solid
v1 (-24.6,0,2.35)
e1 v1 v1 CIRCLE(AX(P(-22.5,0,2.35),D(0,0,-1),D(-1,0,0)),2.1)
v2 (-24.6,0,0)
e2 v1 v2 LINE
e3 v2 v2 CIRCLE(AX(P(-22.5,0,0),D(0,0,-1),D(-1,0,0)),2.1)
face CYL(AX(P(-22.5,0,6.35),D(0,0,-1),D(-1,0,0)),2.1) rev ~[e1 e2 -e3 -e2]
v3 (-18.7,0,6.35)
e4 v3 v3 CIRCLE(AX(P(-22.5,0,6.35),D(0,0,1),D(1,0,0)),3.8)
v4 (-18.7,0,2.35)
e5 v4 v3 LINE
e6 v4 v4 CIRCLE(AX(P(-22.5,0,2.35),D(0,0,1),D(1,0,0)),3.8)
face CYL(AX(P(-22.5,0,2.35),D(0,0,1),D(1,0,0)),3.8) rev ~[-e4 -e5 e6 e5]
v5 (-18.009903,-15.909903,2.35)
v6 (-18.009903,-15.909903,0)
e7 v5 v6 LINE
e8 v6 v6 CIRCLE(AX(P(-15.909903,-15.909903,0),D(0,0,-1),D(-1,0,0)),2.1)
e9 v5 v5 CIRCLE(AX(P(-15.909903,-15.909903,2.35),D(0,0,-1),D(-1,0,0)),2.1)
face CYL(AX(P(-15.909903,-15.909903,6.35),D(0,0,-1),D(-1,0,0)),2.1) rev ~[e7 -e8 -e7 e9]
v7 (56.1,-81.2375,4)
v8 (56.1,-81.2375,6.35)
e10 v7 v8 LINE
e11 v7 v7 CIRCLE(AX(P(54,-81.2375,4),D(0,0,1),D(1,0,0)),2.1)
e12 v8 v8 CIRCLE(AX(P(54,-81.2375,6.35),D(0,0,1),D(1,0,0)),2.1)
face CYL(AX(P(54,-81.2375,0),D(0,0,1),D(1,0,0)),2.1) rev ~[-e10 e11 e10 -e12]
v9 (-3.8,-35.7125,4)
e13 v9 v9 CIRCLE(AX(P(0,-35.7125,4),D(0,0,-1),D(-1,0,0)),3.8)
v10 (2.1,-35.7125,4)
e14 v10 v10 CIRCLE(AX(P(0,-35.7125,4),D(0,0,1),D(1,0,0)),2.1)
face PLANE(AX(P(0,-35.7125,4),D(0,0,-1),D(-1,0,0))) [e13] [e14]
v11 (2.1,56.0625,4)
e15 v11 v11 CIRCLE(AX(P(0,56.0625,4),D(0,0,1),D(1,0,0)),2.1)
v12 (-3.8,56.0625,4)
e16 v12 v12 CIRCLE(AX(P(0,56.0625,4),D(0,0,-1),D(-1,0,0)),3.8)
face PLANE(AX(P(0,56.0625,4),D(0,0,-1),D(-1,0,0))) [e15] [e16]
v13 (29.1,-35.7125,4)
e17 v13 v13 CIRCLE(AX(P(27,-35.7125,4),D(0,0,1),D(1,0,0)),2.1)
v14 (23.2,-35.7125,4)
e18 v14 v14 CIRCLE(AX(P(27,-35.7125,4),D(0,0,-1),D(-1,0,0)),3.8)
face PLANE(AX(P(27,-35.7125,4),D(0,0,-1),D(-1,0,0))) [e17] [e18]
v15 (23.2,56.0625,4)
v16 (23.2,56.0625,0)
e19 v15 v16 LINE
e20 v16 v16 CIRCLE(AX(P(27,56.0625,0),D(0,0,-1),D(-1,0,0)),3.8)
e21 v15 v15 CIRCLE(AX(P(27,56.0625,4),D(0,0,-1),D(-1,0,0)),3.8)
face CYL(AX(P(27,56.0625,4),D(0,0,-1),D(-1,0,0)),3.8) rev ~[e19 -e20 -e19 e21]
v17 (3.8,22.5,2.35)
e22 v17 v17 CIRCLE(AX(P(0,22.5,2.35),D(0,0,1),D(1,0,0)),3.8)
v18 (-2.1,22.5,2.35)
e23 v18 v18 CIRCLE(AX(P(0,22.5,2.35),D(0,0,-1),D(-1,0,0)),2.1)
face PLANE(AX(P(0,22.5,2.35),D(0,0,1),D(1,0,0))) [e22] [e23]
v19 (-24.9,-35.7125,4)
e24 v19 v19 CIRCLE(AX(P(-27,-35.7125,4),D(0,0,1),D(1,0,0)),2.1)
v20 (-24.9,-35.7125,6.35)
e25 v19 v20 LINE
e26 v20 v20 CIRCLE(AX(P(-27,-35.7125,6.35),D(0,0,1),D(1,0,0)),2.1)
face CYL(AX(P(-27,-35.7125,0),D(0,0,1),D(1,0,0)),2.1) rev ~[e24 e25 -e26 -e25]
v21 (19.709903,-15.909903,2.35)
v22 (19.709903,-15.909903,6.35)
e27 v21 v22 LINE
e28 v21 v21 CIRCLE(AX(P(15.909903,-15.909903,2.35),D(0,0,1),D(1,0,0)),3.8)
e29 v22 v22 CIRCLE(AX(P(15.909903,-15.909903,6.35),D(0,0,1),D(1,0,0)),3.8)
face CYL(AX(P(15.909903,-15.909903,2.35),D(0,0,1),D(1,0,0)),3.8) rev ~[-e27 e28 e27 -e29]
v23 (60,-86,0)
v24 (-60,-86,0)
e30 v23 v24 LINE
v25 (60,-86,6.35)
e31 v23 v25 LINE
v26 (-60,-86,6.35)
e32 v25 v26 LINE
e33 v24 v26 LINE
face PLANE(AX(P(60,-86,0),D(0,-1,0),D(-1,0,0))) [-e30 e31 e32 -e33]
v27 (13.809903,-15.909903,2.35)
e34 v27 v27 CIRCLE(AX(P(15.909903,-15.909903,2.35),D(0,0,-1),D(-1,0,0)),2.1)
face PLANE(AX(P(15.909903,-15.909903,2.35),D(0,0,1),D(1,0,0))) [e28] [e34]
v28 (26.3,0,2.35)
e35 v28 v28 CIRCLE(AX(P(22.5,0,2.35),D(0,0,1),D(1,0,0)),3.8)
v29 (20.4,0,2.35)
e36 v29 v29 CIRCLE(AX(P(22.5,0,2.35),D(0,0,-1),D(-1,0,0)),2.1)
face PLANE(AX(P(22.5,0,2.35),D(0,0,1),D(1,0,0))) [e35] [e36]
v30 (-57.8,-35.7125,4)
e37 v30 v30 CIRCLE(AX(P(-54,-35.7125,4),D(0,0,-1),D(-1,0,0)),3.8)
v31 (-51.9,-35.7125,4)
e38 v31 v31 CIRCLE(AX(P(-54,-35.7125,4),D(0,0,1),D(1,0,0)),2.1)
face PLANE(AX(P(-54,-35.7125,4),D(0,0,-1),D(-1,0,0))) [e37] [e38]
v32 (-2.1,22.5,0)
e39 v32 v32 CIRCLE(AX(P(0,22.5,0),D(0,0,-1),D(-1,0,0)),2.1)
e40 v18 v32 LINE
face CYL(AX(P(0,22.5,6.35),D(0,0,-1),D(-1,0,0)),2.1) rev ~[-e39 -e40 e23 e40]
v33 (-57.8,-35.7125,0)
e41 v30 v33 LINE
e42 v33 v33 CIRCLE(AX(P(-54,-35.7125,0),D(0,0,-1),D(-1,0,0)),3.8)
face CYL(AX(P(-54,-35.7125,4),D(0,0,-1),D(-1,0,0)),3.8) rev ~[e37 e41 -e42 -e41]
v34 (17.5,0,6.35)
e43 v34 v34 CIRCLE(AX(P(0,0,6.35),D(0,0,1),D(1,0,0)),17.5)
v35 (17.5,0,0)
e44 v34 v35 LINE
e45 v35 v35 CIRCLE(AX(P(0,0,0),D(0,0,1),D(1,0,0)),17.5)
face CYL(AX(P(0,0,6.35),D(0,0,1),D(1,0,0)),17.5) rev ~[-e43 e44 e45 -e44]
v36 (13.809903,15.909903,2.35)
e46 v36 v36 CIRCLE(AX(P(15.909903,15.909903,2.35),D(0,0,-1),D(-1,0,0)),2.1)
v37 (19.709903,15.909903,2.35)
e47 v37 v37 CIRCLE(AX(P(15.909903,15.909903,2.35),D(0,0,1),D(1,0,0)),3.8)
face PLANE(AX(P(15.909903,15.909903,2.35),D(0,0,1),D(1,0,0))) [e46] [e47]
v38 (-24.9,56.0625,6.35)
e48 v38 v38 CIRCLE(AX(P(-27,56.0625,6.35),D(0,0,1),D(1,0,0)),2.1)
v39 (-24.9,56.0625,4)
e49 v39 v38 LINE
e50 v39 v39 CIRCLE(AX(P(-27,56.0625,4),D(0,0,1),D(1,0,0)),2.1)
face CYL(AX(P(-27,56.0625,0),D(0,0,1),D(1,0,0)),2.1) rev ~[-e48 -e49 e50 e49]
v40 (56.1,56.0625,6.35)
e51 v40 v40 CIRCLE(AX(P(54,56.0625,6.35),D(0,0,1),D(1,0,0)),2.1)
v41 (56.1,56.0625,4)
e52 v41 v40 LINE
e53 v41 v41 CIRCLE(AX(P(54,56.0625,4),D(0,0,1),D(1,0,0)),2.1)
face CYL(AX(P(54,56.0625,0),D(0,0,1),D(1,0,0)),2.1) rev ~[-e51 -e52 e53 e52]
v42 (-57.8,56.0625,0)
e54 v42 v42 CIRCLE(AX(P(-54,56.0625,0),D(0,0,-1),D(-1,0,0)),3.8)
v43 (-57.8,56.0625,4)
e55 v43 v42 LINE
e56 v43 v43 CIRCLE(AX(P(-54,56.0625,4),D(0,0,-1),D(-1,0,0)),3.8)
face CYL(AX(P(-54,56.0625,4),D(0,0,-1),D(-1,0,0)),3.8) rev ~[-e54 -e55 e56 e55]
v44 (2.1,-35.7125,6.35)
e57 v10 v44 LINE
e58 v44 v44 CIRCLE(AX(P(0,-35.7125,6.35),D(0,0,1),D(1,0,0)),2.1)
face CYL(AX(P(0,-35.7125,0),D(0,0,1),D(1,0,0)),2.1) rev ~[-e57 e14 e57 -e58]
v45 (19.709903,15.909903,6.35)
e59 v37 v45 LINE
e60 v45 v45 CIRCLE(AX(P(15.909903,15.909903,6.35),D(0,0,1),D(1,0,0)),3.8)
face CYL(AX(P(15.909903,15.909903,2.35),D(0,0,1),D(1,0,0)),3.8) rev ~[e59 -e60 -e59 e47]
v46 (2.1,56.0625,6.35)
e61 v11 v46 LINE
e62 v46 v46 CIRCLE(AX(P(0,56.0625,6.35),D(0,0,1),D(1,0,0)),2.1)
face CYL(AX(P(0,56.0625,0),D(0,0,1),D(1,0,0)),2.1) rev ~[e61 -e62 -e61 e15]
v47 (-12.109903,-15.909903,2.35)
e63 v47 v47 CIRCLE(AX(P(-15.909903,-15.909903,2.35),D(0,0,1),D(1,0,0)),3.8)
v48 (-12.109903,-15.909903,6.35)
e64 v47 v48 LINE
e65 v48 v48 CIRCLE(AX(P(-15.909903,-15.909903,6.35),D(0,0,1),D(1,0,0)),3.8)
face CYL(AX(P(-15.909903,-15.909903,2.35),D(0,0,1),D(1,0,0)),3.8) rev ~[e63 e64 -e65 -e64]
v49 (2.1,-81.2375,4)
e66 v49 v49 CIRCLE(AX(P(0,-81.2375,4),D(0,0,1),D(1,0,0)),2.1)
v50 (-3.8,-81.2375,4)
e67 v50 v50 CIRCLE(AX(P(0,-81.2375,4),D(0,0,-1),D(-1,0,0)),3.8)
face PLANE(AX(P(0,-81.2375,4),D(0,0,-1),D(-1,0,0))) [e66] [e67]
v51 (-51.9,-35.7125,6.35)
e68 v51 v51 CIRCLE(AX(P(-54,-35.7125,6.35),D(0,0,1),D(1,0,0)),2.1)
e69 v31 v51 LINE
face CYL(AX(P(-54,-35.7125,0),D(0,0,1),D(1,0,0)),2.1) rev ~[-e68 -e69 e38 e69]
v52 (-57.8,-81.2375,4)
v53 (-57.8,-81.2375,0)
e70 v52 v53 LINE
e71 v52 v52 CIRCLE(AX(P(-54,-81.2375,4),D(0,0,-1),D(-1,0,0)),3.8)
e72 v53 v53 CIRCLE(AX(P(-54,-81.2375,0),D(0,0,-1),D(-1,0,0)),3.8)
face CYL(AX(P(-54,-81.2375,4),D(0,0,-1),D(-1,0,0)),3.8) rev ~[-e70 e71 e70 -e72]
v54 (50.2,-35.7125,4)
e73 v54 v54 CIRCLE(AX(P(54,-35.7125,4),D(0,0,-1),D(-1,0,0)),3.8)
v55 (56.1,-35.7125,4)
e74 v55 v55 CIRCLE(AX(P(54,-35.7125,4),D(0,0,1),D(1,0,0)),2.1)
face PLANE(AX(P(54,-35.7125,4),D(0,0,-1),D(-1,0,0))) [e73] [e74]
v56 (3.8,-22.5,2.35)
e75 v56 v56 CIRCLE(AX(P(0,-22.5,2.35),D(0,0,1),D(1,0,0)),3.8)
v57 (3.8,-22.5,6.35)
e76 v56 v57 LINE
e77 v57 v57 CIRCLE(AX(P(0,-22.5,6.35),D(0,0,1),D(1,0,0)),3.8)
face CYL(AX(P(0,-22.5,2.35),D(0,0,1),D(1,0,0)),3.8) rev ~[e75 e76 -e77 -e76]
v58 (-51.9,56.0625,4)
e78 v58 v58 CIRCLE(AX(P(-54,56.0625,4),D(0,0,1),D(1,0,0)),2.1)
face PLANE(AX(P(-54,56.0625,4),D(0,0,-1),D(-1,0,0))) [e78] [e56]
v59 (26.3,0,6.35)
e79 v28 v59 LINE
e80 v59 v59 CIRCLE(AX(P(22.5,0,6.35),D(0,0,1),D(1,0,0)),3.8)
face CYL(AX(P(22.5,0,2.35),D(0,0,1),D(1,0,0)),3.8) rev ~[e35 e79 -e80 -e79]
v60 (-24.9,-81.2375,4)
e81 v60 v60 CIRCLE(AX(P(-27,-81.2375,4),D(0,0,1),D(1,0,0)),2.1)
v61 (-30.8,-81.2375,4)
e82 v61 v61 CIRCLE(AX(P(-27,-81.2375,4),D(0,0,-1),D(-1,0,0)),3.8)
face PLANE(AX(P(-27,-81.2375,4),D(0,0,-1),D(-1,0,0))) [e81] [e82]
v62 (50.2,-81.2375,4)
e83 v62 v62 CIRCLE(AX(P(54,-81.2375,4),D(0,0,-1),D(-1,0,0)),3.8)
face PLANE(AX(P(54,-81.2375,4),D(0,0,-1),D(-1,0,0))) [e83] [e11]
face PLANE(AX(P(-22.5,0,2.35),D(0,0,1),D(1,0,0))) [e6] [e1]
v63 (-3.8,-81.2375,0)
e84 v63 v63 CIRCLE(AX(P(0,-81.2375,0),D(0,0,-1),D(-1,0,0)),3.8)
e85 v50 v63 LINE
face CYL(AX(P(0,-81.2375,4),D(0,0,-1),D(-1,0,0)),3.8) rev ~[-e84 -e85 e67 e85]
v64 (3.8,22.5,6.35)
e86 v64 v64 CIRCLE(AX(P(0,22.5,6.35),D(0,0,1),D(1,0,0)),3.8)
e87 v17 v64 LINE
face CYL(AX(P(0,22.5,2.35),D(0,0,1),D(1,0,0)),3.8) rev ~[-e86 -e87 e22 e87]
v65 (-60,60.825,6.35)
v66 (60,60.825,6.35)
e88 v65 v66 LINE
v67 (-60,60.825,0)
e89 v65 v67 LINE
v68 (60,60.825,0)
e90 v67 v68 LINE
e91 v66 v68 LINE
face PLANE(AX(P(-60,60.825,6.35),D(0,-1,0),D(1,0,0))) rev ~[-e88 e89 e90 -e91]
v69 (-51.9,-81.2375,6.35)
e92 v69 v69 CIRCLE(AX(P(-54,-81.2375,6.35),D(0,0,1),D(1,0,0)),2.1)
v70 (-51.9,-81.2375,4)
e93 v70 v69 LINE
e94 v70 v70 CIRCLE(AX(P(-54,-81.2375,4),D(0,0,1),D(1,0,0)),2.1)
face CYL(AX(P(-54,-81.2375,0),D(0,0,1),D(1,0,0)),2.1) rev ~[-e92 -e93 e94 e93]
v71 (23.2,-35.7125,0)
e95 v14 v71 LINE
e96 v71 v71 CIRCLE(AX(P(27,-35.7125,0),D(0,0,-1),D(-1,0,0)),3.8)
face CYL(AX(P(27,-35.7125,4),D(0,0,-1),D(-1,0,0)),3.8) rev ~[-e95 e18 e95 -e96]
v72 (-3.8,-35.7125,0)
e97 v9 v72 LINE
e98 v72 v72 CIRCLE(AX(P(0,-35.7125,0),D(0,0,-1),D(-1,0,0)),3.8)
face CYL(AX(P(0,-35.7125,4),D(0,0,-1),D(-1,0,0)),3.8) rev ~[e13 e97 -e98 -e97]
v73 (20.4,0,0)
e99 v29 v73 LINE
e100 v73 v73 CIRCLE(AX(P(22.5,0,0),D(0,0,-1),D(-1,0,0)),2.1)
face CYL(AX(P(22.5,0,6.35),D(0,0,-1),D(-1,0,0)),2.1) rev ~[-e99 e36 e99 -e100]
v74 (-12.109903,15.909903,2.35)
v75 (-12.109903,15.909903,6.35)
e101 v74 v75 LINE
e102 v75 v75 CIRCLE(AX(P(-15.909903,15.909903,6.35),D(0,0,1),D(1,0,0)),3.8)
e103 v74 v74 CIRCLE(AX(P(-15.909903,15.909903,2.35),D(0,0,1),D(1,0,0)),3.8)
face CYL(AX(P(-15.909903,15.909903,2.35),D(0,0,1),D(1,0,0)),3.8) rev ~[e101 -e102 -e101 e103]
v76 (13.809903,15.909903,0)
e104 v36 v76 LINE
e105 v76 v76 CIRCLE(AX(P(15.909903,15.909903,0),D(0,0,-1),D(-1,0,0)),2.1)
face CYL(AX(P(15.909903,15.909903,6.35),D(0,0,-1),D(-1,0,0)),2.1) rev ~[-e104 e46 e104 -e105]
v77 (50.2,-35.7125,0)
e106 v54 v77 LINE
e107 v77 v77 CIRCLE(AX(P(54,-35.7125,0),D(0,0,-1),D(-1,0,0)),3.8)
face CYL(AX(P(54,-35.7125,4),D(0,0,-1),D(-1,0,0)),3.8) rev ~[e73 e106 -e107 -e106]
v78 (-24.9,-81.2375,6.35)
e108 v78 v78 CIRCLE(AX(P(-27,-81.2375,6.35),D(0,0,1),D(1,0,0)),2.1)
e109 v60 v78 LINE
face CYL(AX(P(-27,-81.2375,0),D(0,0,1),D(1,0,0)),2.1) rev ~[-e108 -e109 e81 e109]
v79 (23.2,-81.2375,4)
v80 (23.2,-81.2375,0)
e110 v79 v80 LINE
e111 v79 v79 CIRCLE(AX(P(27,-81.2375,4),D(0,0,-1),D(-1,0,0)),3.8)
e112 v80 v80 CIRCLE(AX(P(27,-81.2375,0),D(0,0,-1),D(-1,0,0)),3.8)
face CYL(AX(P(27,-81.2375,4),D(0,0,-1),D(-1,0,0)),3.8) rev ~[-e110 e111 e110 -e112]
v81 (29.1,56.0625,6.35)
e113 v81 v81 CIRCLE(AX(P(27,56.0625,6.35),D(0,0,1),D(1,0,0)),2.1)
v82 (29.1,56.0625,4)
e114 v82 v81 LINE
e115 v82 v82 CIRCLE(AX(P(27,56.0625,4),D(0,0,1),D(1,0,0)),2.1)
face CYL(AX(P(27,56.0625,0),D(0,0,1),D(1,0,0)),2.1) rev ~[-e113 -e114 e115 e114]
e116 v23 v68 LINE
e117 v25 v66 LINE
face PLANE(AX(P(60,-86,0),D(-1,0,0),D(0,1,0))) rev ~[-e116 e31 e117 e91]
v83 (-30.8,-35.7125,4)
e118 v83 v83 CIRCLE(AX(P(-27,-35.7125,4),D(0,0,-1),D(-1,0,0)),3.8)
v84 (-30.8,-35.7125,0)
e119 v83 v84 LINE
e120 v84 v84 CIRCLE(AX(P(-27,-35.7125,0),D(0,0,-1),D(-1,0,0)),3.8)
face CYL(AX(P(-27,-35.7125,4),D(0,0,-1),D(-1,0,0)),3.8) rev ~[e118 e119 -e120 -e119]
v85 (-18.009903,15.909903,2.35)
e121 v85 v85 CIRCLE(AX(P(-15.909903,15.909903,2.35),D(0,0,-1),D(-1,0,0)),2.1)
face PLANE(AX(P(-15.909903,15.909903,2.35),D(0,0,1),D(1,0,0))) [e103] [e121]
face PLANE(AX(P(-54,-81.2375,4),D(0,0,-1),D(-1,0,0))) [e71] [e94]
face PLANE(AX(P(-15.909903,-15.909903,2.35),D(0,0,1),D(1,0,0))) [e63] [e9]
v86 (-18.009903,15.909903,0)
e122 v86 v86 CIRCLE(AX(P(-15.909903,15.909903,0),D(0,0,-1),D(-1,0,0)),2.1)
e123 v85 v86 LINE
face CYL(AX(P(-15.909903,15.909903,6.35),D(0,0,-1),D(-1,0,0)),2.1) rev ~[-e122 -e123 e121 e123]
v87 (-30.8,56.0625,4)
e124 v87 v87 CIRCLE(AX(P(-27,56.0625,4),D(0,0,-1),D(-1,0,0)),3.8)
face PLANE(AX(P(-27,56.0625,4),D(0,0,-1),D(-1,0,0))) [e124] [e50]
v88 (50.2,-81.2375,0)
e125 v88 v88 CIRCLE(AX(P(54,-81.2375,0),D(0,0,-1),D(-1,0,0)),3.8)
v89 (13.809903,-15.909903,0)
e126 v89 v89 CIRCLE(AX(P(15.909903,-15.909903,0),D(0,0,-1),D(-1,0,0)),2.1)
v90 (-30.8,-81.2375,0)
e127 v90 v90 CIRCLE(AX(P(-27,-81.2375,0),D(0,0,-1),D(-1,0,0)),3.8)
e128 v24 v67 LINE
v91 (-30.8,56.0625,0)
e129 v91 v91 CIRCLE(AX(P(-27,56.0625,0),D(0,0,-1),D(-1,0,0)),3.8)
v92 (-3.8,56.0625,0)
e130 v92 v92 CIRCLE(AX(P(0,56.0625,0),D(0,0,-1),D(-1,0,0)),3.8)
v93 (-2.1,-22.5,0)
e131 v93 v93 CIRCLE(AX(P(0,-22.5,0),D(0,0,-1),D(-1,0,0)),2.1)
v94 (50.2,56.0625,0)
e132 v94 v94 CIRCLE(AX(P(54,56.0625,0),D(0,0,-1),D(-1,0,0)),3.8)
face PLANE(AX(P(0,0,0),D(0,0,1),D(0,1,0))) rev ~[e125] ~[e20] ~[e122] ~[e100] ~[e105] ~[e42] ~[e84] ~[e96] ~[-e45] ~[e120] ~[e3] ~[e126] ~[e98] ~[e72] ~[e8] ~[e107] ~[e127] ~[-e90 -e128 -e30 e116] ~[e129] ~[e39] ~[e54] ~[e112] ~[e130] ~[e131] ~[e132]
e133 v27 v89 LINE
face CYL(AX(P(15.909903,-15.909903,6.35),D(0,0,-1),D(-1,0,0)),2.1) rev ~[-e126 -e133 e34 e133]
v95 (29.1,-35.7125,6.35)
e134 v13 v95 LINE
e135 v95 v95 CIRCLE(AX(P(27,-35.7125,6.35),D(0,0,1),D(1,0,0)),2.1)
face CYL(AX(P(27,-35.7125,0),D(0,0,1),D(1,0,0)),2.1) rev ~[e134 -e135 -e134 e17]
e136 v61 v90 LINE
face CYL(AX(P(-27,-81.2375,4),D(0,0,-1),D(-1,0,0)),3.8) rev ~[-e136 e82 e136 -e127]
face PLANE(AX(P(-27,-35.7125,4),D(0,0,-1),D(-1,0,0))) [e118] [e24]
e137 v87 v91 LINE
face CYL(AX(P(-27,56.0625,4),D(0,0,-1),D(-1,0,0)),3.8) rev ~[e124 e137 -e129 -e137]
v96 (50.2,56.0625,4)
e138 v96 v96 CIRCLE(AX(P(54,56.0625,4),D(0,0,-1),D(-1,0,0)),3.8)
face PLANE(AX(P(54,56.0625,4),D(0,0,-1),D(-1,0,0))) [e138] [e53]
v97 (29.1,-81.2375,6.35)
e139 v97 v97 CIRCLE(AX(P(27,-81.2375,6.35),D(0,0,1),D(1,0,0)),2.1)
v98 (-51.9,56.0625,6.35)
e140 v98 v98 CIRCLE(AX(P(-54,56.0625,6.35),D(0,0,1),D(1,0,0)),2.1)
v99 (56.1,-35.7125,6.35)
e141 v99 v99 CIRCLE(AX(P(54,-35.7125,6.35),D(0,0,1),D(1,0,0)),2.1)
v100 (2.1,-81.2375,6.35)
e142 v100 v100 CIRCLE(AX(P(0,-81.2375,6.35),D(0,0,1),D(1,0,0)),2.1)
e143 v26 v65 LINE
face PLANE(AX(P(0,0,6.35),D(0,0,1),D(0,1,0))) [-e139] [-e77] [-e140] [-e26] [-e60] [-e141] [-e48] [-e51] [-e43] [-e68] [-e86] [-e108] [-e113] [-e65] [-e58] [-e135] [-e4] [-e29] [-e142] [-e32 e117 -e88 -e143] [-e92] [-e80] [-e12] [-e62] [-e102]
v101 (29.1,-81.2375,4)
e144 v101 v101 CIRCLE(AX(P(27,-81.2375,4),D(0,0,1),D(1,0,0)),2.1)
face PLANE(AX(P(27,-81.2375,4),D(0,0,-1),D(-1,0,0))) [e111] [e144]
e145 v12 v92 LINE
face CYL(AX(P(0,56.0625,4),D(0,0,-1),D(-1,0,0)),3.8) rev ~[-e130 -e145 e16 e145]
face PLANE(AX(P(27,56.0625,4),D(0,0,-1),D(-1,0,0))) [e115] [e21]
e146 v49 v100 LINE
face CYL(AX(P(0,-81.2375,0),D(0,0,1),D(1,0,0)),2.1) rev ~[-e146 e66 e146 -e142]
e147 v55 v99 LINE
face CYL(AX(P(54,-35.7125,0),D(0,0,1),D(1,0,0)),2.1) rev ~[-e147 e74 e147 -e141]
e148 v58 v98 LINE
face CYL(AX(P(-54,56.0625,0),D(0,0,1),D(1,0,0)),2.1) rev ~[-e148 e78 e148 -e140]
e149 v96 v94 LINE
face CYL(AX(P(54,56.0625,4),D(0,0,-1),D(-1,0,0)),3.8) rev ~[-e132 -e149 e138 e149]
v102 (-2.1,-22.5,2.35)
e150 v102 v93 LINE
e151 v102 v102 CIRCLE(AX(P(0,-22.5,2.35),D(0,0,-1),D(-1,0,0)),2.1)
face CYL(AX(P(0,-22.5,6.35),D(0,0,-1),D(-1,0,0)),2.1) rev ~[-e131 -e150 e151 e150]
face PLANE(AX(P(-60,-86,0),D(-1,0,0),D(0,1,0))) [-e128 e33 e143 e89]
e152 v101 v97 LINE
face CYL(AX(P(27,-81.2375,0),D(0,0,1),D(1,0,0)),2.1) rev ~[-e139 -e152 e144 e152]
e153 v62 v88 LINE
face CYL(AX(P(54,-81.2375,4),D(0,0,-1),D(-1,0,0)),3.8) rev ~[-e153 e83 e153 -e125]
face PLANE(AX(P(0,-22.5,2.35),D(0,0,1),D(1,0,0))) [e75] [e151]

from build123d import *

# Parameters (mm, degrees)
SKETCH1_W                                    = 172
SKETCH1_H                                    = 120
BOSS_EXTRUDE1_DEPTH                          = 6.35
CBORE_FOR_M4_HEX_HEAD_CAP_SCREW1_D           = 4.2
CBORE_FOR_M4_HEX_HEAD_CAP_SCREW1_CBORE_D     = 7.6
CBORE_FOR_M4_HEX_HEAD_CAP_SCREW1_CBORE_DEPTH = 4
SKETCH4_R                                    = 17.5
CUT_EXTRUDE1_DEPTH                           = 106.053902831
CBORE_FOR_M4_HEX_HEAD_CAP_SCREW2_D           = 4.2
CBORE_FOR_M4_HEX_HEAD_CAP_SCREW2_CBORE_D     = 7.6
CBORE_FOR_M4_HEX_HEAD_CAP_SCREW2_CBORE_DEPTH = 4
SKETCH7_W                                    = 120
SKETCH7_H                                    = 25.175
CUT_EXTRUDE2_DEPTH                           = 106.053902831


with BuildPart() as part:
    # Sketch1 → Boss-Extrude1 (new body)
    with BuildSketch(Plane(origin=(0, 0, 0), x_dir=(0, 1, 0), z_dir=(0, 0, 1))):
        Rectangle(SKETCH1_W, SKETCH1_H)
    extrude(amount=BOSS_EXTRUDE1_DEPTH)

    # CBORE for M4 Hex Head Cap Screw1 (through all)
    with Locations(Plane(origin=(0, -22.5, 6.35), x_dir=(1, 0, 0), z_dir=(0, 0, 1))):
        with Locations((0, 0), (-15.909902577, 6.590097423), (-22.5, 22.5), (-15.909902577, 38.409902577), (0, 45), (15.909902577, 38.409902577), (22.5, 22.5), (15.909902577, 6.590097423)):
            CounterBoreHole(CBORE_FOR_M4_HEX_HEAD_CAP_SCREW1_D / 2, CBORE_FOR_M4_HEX_HEAD_CAP_SCREW1_CBORE_D / 2, CBORE_FOR_M4_HEX_HEAD_CAP_SCREW1_CBORE_DEPTH)

    # Sketch4 → Cut-Extrude1 (cut, through all)
    with BuildSketch(Plane.XY.offset(6.35)):
        Circle(SKETCH4_R)
    extrude(amount=-CUT_EXTRUDE1_DEPTH, mode=Mode.SUBTRACT)

    # CBORE for M4 Hex Head Cap Screw2 (through all)
    with Locations(Plane(origin=(-54, -81.2375, 0), x_dir=(-1, 0, 0), z_dir=(0, 0, -1))):
        with Locations((0, 0), (-27, 0), (-54, 0), (-81, 0), (-108, 0), (0, 45.525), (-27, 45.525), (-54, 45.525), (-81, 45.525), (-108, 45.525), (0, 137.3), (-27, 137.3), (-54, 137.3), (-81, 137.3), (-108, 137.3)):
            CounterBoreHole(CBORE_FOR_M4_HEX_HEAD_CAP_SCREW2_D / 2, CBORE_FOR_M4_HEX_HEAD_CAP_SCREW2_CBORE_D / 2, CBORE_FOR_M4_HEX_HEAD_CAP_SCREW2_CBORE_DEPTH)

    # Sketch7 → Cut-Extrude2 (cut, through all)
    with BuildSketch(Plane.XY.offset(6.35)):
        with Locations((0, 73.4125)):
            Rectangle(SKETCH7_W, SKETCH7_H)
    extrude(amount=-CUT_EXTRUDE2_DEPTH, mode=Mode.SUBTRACT)


solid = part.part
